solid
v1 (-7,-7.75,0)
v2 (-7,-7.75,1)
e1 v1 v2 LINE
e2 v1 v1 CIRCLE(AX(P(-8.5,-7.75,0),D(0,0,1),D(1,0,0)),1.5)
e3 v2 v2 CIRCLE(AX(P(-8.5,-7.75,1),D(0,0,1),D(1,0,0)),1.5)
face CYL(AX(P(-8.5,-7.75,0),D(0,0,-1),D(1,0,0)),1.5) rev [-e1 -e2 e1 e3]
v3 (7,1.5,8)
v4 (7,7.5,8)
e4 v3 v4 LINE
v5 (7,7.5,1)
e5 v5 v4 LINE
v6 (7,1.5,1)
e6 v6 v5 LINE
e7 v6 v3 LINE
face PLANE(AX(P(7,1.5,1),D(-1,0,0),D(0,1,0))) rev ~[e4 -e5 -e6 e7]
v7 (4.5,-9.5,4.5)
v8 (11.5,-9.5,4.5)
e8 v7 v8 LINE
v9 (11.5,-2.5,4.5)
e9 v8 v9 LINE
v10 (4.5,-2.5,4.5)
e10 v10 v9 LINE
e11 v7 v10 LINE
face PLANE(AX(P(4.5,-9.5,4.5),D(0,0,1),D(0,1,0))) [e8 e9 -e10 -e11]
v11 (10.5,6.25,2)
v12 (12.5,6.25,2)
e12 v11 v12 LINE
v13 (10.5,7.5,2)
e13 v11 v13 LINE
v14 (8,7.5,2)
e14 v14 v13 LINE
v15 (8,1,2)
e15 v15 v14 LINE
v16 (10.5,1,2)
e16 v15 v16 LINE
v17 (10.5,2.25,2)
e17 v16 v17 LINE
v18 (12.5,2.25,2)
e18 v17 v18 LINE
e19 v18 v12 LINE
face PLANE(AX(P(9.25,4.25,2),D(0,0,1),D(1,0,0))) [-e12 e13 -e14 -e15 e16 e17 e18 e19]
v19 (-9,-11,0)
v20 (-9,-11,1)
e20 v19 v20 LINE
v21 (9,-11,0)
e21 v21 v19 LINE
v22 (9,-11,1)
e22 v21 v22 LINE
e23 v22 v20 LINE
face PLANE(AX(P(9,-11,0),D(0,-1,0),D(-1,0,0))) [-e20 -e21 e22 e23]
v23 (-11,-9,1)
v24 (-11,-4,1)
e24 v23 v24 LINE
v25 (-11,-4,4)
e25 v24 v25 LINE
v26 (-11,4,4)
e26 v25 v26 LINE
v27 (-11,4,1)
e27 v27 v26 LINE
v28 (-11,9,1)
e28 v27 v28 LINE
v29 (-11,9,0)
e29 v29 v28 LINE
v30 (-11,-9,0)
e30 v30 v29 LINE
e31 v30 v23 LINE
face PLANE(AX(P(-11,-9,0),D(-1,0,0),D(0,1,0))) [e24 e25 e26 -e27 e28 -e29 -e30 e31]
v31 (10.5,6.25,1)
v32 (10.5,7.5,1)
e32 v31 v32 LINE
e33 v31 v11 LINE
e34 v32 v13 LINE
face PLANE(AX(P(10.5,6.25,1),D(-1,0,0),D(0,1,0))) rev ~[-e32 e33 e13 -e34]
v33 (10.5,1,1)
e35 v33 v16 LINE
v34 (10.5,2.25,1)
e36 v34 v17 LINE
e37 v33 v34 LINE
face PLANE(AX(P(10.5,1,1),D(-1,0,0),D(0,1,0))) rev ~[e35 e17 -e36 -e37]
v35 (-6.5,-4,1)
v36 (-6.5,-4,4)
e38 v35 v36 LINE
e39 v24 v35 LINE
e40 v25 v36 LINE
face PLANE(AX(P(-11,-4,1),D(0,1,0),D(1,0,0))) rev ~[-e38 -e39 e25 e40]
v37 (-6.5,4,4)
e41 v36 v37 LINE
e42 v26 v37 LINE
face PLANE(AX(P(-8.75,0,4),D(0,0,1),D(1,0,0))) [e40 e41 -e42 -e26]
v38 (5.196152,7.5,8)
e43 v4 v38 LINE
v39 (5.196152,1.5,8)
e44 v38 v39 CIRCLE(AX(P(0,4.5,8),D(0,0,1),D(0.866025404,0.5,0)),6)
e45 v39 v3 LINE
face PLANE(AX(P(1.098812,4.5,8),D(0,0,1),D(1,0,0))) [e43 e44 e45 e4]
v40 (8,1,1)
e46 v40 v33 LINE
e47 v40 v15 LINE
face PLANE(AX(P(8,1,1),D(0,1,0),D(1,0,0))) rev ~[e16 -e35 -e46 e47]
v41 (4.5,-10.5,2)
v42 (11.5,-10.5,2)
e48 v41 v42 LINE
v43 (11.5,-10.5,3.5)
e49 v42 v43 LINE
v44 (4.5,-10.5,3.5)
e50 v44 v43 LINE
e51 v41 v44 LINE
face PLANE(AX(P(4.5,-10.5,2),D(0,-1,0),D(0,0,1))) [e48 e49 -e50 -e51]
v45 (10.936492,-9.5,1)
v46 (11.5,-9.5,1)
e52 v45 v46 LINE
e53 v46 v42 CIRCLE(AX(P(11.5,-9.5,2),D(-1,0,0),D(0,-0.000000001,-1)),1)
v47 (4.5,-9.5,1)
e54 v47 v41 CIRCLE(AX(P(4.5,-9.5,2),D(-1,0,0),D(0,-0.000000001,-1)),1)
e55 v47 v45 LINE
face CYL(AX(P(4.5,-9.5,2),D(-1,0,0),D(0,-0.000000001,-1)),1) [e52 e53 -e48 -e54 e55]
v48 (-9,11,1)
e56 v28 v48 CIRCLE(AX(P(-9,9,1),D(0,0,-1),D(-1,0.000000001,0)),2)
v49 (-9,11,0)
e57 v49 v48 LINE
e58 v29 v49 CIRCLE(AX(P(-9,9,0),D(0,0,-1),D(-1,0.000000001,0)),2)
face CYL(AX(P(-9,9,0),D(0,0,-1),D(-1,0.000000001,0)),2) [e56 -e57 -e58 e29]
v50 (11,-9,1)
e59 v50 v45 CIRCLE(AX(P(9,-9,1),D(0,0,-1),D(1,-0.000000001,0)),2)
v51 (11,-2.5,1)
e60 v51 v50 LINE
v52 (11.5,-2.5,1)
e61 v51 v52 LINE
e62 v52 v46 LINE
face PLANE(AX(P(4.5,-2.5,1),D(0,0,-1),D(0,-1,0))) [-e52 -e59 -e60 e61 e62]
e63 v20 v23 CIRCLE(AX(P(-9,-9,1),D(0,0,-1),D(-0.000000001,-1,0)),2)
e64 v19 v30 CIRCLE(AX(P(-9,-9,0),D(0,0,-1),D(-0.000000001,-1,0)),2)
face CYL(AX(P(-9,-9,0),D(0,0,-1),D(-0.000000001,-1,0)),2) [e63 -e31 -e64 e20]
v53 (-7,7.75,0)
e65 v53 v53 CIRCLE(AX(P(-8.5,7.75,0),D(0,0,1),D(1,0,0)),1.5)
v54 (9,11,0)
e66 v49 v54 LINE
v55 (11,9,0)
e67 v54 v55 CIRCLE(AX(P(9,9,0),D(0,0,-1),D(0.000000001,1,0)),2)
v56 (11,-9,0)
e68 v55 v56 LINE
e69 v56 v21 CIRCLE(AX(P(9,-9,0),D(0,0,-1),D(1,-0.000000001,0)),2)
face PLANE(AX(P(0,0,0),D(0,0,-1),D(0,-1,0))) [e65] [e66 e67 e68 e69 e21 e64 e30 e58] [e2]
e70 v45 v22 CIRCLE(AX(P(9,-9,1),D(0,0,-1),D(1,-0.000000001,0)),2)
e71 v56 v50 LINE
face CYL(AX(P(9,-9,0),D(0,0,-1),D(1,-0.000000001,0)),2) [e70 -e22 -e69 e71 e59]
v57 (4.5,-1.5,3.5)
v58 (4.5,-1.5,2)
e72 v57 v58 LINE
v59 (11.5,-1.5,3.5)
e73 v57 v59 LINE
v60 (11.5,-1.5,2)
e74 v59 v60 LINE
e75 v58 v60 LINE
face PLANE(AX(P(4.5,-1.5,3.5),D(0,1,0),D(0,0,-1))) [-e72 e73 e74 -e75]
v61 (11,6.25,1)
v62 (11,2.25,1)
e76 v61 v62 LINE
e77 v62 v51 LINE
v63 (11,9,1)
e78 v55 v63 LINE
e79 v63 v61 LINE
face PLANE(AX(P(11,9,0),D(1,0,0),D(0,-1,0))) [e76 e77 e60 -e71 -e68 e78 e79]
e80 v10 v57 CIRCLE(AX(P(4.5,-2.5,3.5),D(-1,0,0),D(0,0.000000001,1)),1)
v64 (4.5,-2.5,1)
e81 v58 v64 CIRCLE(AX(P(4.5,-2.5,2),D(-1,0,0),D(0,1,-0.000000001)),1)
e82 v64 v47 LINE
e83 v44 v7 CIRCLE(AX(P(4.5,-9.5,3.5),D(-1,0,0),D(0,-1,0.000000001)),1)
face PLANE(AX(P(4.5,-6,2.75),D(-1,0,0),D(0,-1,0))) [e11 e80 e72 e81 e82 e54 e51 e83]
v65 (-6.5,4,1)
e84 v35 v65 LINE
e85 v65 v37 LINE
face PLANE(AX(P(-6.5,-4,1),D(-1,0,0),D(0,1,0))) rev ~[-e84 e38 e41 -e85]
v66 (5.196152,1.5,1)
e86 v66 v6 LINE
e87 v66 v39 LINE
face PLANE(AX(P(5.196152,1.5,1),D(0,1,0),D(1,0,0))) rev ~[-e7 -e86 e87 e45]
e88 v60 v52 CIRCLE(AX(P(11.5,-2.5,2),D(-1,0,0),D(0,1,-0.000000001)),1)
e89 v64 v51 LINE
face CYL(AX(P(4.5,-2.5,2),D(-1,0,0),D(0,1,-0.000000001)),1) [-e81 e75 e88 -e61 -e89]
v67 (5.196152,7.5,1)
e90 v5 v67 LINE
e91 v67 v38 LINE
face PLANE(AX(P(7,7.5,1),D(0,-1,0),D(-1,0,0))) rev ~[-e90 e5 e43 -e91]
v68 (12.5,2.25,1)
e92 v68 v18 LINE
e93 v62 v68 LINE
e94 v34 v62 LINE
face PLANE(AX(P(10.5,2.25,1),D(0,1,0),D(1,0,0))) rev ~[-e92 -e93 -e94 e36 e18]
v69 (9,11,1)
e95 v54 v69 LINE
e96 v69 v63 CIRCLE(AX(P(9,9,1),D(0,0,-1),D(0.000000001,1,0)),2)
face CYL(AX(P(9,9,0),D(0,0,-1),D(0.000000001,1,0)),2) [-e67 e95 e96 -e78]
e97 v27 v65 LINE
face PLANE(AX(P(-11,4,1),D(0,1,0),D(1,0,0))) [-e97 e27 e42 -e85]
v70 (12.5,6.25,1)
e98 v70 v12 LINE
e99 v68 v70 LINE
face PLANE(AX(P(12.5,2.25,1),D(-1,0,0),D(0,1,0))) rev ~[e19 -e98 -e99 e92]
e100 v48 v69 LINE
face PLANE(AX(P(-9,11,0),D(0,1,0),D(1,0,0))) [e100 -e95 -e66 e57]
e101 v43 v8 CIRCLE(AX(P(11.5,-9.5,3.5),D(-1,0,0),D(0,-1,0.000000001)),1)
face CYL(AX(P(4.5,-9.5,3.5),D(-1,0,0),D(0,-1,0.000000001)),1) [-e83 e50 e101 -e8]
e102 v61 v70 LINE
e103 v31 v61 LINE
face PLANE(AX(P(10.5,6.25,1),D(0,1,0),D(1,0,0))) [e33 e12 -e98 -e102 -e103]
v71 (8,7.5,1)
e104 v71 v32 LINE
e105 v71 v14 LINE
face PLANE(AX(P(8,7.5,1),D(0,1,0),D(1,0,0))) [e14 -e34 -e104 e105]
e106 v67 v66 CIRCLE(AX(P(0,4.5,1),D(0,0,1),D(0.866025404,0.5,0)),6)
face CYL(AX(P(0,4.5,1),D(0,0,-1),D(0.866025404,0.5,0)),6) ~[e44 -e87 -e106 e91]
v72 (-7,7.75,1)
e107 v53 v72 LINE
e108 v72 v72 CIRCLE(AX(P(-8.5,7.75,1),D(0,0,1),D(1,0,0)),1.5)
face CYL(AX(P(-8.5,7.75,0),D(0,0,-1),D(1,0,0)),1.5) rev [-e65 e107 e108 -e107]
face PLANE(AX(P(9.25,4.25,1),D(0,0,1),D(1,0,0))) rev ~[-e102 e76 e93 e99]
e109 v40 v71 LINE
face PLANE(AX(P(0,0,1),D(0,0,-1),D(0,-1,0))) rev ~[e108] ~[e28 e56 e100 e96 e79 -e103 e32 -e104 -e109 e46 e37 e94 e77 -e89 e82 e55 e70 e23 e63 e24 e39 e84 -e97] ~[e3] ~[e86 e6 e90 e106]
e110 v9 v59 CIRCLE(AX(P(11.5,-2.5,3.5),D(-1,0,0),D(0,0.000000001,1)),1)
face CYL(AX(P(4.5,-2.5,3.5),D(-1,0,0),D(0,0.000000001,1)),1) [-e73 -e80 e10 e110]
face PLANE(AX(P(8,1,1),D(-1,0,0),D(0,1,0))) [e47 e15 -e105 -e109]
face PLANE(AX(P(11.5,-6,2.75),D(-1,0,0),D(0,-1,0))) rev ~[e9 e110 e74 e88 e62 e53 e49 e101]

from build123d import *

# Parameters (mm, degrees)
SKETCH1_R                = 1.5
BOSS_EXTRUDE1_DEPTH      = 1
SKETCH2_W                = 4.5
SKETCH2_H                = 8
BOSS_EXTRUDE2_DEPTH      = 3
BOSS_EXTRUDE3_DEPTH      = 7
BOSS_EXTRUDE4_DEPTH      = 0.5
BOSS_EXTRUDE4_DEPTH_BACK = 6.5
SKETCH5_W                = 2.5
SKETCH5_H                = 6.5
SKETCH5_W_2              = 2
SKETCH5_H_2              = 4
BOSS_EXTRUDE5_DEPTH      = 1


with BuildPart() as part:
    # Sketch1 → Boss-Extrude1 (new body)
    with BuildSketch(Plane(origin=(0, 0, 0), x_dir=(0, 1, 0), z_dir=(0, 0, 1))):
        with BuildLine():
            Line((-9, 11), (9, 11))
            ThreePointArc((9, 11), (10.414213562, 10.414213562), (11, 9))
            Line((11, 9), (11, -9))
            ThreePointArc((11, -9), (10.414213562, -10.414213562), (9, -11))
            Line((9, -11), (-9, -11))
            ThreePointArc((-9, -11), (-10.414213562, -10.414213562), (-11, -9))
            Line((-11, -9), (-11, 9))
            ThreePointArc((-11, 9), (-10.414213562, 10.414213562), (-9, 11))
        make_face()
        with Locations(Location((-7.75, 8.5, 0), (0, 0, 270))):
            Circle(SKETCH1_R, mode=Mode.SUBTRACT)
        with Locations(Location((7.75, 8.5, 0), (0, 0, 270))):
            Circle(SKETCH1_R, mode=Mode.SUBTRACT)
    extrude(amount=BOSS_EXTRUDE1_DEPTH)

    # Sketch2 → Boss-Extrude2 (add)
    with BuildSketch(Plane.XY.offset(1)):
        with Locations((-8.75, 0)):
            Rectangle(SKETCH2_W, SKETCH2_H)
    extrude(amount=BOSS_EXTRUDE2_DEPTH)

    # Sketch3 → Boss-Extrude3 (add)
    with BuildSketch(Plane.XY.offset(1)):
        with BuildLine():
            Line((7, 7.5), (5.196152423, 7.5))
            ThreePointArc((5.196152423, 7.5), (-6, 4.5), (5.196152423, 1.5))
            Line((5.196152423, 1.5), (7, 1.5))
            Line((7, 1.5), (7, 7.5))
        make_face()
    extrude(amount=BOSS_EXTRUDE3_DEPTH)

    # Sketch4 → Boss-Extrude4 (add, two sides: drawn at the far end of the back side and taken through both)
    with BuildSketch(Plane.YZ.offset(11).offset(-BOSS_EXTRUDE4_DEPTH_BACK)):
        with BuildLine():
            Line((-9.5, 4.5), (-2.5, 4.5))
            ThreePointArc((-2.5, 4.5), (-1.792893219, 4.207106781), (-1.5, 3.5))
            Line((-1.5, 3.5), (-1.5, 2))
            ThreePointArc((-1.5, 2), (-1.792893219, 1.292893219), (-2.5, 1))
            Line((-2.5, 1), (-9.5, 1))
            ThreePointArc((-9.5, 1), (-10.207106781, 1.292893219), (-10.5, 2))
            Line((-10.5, 2), (-10.5, 3.5))
            ThreePointArc((-10.5, 3.5), (-10.207106781, 4.207106781), (-9.5, 4.5))
        make_face()
    extrude(amount=BOSS_EXTRUDE4_DEPTH + BOSS_EXTRUDE4_DEPTH_BACK)

    # Sketch5 → Boss-Extrude5 (add)
    with BuildSketch(Plane.XY.offset(1)):
        with Locations((9.25, 4.25)):
            Rectangle(SKETCH5_W, SKETCH5_H)
        with Locations((11.5, 4.25)):
            Rectangle(SKETCH5_W_2, SKETCH5_H_2)
    extrude(amount=BOSS_EXTRUDE5_DEPTH)


solid = part.part
